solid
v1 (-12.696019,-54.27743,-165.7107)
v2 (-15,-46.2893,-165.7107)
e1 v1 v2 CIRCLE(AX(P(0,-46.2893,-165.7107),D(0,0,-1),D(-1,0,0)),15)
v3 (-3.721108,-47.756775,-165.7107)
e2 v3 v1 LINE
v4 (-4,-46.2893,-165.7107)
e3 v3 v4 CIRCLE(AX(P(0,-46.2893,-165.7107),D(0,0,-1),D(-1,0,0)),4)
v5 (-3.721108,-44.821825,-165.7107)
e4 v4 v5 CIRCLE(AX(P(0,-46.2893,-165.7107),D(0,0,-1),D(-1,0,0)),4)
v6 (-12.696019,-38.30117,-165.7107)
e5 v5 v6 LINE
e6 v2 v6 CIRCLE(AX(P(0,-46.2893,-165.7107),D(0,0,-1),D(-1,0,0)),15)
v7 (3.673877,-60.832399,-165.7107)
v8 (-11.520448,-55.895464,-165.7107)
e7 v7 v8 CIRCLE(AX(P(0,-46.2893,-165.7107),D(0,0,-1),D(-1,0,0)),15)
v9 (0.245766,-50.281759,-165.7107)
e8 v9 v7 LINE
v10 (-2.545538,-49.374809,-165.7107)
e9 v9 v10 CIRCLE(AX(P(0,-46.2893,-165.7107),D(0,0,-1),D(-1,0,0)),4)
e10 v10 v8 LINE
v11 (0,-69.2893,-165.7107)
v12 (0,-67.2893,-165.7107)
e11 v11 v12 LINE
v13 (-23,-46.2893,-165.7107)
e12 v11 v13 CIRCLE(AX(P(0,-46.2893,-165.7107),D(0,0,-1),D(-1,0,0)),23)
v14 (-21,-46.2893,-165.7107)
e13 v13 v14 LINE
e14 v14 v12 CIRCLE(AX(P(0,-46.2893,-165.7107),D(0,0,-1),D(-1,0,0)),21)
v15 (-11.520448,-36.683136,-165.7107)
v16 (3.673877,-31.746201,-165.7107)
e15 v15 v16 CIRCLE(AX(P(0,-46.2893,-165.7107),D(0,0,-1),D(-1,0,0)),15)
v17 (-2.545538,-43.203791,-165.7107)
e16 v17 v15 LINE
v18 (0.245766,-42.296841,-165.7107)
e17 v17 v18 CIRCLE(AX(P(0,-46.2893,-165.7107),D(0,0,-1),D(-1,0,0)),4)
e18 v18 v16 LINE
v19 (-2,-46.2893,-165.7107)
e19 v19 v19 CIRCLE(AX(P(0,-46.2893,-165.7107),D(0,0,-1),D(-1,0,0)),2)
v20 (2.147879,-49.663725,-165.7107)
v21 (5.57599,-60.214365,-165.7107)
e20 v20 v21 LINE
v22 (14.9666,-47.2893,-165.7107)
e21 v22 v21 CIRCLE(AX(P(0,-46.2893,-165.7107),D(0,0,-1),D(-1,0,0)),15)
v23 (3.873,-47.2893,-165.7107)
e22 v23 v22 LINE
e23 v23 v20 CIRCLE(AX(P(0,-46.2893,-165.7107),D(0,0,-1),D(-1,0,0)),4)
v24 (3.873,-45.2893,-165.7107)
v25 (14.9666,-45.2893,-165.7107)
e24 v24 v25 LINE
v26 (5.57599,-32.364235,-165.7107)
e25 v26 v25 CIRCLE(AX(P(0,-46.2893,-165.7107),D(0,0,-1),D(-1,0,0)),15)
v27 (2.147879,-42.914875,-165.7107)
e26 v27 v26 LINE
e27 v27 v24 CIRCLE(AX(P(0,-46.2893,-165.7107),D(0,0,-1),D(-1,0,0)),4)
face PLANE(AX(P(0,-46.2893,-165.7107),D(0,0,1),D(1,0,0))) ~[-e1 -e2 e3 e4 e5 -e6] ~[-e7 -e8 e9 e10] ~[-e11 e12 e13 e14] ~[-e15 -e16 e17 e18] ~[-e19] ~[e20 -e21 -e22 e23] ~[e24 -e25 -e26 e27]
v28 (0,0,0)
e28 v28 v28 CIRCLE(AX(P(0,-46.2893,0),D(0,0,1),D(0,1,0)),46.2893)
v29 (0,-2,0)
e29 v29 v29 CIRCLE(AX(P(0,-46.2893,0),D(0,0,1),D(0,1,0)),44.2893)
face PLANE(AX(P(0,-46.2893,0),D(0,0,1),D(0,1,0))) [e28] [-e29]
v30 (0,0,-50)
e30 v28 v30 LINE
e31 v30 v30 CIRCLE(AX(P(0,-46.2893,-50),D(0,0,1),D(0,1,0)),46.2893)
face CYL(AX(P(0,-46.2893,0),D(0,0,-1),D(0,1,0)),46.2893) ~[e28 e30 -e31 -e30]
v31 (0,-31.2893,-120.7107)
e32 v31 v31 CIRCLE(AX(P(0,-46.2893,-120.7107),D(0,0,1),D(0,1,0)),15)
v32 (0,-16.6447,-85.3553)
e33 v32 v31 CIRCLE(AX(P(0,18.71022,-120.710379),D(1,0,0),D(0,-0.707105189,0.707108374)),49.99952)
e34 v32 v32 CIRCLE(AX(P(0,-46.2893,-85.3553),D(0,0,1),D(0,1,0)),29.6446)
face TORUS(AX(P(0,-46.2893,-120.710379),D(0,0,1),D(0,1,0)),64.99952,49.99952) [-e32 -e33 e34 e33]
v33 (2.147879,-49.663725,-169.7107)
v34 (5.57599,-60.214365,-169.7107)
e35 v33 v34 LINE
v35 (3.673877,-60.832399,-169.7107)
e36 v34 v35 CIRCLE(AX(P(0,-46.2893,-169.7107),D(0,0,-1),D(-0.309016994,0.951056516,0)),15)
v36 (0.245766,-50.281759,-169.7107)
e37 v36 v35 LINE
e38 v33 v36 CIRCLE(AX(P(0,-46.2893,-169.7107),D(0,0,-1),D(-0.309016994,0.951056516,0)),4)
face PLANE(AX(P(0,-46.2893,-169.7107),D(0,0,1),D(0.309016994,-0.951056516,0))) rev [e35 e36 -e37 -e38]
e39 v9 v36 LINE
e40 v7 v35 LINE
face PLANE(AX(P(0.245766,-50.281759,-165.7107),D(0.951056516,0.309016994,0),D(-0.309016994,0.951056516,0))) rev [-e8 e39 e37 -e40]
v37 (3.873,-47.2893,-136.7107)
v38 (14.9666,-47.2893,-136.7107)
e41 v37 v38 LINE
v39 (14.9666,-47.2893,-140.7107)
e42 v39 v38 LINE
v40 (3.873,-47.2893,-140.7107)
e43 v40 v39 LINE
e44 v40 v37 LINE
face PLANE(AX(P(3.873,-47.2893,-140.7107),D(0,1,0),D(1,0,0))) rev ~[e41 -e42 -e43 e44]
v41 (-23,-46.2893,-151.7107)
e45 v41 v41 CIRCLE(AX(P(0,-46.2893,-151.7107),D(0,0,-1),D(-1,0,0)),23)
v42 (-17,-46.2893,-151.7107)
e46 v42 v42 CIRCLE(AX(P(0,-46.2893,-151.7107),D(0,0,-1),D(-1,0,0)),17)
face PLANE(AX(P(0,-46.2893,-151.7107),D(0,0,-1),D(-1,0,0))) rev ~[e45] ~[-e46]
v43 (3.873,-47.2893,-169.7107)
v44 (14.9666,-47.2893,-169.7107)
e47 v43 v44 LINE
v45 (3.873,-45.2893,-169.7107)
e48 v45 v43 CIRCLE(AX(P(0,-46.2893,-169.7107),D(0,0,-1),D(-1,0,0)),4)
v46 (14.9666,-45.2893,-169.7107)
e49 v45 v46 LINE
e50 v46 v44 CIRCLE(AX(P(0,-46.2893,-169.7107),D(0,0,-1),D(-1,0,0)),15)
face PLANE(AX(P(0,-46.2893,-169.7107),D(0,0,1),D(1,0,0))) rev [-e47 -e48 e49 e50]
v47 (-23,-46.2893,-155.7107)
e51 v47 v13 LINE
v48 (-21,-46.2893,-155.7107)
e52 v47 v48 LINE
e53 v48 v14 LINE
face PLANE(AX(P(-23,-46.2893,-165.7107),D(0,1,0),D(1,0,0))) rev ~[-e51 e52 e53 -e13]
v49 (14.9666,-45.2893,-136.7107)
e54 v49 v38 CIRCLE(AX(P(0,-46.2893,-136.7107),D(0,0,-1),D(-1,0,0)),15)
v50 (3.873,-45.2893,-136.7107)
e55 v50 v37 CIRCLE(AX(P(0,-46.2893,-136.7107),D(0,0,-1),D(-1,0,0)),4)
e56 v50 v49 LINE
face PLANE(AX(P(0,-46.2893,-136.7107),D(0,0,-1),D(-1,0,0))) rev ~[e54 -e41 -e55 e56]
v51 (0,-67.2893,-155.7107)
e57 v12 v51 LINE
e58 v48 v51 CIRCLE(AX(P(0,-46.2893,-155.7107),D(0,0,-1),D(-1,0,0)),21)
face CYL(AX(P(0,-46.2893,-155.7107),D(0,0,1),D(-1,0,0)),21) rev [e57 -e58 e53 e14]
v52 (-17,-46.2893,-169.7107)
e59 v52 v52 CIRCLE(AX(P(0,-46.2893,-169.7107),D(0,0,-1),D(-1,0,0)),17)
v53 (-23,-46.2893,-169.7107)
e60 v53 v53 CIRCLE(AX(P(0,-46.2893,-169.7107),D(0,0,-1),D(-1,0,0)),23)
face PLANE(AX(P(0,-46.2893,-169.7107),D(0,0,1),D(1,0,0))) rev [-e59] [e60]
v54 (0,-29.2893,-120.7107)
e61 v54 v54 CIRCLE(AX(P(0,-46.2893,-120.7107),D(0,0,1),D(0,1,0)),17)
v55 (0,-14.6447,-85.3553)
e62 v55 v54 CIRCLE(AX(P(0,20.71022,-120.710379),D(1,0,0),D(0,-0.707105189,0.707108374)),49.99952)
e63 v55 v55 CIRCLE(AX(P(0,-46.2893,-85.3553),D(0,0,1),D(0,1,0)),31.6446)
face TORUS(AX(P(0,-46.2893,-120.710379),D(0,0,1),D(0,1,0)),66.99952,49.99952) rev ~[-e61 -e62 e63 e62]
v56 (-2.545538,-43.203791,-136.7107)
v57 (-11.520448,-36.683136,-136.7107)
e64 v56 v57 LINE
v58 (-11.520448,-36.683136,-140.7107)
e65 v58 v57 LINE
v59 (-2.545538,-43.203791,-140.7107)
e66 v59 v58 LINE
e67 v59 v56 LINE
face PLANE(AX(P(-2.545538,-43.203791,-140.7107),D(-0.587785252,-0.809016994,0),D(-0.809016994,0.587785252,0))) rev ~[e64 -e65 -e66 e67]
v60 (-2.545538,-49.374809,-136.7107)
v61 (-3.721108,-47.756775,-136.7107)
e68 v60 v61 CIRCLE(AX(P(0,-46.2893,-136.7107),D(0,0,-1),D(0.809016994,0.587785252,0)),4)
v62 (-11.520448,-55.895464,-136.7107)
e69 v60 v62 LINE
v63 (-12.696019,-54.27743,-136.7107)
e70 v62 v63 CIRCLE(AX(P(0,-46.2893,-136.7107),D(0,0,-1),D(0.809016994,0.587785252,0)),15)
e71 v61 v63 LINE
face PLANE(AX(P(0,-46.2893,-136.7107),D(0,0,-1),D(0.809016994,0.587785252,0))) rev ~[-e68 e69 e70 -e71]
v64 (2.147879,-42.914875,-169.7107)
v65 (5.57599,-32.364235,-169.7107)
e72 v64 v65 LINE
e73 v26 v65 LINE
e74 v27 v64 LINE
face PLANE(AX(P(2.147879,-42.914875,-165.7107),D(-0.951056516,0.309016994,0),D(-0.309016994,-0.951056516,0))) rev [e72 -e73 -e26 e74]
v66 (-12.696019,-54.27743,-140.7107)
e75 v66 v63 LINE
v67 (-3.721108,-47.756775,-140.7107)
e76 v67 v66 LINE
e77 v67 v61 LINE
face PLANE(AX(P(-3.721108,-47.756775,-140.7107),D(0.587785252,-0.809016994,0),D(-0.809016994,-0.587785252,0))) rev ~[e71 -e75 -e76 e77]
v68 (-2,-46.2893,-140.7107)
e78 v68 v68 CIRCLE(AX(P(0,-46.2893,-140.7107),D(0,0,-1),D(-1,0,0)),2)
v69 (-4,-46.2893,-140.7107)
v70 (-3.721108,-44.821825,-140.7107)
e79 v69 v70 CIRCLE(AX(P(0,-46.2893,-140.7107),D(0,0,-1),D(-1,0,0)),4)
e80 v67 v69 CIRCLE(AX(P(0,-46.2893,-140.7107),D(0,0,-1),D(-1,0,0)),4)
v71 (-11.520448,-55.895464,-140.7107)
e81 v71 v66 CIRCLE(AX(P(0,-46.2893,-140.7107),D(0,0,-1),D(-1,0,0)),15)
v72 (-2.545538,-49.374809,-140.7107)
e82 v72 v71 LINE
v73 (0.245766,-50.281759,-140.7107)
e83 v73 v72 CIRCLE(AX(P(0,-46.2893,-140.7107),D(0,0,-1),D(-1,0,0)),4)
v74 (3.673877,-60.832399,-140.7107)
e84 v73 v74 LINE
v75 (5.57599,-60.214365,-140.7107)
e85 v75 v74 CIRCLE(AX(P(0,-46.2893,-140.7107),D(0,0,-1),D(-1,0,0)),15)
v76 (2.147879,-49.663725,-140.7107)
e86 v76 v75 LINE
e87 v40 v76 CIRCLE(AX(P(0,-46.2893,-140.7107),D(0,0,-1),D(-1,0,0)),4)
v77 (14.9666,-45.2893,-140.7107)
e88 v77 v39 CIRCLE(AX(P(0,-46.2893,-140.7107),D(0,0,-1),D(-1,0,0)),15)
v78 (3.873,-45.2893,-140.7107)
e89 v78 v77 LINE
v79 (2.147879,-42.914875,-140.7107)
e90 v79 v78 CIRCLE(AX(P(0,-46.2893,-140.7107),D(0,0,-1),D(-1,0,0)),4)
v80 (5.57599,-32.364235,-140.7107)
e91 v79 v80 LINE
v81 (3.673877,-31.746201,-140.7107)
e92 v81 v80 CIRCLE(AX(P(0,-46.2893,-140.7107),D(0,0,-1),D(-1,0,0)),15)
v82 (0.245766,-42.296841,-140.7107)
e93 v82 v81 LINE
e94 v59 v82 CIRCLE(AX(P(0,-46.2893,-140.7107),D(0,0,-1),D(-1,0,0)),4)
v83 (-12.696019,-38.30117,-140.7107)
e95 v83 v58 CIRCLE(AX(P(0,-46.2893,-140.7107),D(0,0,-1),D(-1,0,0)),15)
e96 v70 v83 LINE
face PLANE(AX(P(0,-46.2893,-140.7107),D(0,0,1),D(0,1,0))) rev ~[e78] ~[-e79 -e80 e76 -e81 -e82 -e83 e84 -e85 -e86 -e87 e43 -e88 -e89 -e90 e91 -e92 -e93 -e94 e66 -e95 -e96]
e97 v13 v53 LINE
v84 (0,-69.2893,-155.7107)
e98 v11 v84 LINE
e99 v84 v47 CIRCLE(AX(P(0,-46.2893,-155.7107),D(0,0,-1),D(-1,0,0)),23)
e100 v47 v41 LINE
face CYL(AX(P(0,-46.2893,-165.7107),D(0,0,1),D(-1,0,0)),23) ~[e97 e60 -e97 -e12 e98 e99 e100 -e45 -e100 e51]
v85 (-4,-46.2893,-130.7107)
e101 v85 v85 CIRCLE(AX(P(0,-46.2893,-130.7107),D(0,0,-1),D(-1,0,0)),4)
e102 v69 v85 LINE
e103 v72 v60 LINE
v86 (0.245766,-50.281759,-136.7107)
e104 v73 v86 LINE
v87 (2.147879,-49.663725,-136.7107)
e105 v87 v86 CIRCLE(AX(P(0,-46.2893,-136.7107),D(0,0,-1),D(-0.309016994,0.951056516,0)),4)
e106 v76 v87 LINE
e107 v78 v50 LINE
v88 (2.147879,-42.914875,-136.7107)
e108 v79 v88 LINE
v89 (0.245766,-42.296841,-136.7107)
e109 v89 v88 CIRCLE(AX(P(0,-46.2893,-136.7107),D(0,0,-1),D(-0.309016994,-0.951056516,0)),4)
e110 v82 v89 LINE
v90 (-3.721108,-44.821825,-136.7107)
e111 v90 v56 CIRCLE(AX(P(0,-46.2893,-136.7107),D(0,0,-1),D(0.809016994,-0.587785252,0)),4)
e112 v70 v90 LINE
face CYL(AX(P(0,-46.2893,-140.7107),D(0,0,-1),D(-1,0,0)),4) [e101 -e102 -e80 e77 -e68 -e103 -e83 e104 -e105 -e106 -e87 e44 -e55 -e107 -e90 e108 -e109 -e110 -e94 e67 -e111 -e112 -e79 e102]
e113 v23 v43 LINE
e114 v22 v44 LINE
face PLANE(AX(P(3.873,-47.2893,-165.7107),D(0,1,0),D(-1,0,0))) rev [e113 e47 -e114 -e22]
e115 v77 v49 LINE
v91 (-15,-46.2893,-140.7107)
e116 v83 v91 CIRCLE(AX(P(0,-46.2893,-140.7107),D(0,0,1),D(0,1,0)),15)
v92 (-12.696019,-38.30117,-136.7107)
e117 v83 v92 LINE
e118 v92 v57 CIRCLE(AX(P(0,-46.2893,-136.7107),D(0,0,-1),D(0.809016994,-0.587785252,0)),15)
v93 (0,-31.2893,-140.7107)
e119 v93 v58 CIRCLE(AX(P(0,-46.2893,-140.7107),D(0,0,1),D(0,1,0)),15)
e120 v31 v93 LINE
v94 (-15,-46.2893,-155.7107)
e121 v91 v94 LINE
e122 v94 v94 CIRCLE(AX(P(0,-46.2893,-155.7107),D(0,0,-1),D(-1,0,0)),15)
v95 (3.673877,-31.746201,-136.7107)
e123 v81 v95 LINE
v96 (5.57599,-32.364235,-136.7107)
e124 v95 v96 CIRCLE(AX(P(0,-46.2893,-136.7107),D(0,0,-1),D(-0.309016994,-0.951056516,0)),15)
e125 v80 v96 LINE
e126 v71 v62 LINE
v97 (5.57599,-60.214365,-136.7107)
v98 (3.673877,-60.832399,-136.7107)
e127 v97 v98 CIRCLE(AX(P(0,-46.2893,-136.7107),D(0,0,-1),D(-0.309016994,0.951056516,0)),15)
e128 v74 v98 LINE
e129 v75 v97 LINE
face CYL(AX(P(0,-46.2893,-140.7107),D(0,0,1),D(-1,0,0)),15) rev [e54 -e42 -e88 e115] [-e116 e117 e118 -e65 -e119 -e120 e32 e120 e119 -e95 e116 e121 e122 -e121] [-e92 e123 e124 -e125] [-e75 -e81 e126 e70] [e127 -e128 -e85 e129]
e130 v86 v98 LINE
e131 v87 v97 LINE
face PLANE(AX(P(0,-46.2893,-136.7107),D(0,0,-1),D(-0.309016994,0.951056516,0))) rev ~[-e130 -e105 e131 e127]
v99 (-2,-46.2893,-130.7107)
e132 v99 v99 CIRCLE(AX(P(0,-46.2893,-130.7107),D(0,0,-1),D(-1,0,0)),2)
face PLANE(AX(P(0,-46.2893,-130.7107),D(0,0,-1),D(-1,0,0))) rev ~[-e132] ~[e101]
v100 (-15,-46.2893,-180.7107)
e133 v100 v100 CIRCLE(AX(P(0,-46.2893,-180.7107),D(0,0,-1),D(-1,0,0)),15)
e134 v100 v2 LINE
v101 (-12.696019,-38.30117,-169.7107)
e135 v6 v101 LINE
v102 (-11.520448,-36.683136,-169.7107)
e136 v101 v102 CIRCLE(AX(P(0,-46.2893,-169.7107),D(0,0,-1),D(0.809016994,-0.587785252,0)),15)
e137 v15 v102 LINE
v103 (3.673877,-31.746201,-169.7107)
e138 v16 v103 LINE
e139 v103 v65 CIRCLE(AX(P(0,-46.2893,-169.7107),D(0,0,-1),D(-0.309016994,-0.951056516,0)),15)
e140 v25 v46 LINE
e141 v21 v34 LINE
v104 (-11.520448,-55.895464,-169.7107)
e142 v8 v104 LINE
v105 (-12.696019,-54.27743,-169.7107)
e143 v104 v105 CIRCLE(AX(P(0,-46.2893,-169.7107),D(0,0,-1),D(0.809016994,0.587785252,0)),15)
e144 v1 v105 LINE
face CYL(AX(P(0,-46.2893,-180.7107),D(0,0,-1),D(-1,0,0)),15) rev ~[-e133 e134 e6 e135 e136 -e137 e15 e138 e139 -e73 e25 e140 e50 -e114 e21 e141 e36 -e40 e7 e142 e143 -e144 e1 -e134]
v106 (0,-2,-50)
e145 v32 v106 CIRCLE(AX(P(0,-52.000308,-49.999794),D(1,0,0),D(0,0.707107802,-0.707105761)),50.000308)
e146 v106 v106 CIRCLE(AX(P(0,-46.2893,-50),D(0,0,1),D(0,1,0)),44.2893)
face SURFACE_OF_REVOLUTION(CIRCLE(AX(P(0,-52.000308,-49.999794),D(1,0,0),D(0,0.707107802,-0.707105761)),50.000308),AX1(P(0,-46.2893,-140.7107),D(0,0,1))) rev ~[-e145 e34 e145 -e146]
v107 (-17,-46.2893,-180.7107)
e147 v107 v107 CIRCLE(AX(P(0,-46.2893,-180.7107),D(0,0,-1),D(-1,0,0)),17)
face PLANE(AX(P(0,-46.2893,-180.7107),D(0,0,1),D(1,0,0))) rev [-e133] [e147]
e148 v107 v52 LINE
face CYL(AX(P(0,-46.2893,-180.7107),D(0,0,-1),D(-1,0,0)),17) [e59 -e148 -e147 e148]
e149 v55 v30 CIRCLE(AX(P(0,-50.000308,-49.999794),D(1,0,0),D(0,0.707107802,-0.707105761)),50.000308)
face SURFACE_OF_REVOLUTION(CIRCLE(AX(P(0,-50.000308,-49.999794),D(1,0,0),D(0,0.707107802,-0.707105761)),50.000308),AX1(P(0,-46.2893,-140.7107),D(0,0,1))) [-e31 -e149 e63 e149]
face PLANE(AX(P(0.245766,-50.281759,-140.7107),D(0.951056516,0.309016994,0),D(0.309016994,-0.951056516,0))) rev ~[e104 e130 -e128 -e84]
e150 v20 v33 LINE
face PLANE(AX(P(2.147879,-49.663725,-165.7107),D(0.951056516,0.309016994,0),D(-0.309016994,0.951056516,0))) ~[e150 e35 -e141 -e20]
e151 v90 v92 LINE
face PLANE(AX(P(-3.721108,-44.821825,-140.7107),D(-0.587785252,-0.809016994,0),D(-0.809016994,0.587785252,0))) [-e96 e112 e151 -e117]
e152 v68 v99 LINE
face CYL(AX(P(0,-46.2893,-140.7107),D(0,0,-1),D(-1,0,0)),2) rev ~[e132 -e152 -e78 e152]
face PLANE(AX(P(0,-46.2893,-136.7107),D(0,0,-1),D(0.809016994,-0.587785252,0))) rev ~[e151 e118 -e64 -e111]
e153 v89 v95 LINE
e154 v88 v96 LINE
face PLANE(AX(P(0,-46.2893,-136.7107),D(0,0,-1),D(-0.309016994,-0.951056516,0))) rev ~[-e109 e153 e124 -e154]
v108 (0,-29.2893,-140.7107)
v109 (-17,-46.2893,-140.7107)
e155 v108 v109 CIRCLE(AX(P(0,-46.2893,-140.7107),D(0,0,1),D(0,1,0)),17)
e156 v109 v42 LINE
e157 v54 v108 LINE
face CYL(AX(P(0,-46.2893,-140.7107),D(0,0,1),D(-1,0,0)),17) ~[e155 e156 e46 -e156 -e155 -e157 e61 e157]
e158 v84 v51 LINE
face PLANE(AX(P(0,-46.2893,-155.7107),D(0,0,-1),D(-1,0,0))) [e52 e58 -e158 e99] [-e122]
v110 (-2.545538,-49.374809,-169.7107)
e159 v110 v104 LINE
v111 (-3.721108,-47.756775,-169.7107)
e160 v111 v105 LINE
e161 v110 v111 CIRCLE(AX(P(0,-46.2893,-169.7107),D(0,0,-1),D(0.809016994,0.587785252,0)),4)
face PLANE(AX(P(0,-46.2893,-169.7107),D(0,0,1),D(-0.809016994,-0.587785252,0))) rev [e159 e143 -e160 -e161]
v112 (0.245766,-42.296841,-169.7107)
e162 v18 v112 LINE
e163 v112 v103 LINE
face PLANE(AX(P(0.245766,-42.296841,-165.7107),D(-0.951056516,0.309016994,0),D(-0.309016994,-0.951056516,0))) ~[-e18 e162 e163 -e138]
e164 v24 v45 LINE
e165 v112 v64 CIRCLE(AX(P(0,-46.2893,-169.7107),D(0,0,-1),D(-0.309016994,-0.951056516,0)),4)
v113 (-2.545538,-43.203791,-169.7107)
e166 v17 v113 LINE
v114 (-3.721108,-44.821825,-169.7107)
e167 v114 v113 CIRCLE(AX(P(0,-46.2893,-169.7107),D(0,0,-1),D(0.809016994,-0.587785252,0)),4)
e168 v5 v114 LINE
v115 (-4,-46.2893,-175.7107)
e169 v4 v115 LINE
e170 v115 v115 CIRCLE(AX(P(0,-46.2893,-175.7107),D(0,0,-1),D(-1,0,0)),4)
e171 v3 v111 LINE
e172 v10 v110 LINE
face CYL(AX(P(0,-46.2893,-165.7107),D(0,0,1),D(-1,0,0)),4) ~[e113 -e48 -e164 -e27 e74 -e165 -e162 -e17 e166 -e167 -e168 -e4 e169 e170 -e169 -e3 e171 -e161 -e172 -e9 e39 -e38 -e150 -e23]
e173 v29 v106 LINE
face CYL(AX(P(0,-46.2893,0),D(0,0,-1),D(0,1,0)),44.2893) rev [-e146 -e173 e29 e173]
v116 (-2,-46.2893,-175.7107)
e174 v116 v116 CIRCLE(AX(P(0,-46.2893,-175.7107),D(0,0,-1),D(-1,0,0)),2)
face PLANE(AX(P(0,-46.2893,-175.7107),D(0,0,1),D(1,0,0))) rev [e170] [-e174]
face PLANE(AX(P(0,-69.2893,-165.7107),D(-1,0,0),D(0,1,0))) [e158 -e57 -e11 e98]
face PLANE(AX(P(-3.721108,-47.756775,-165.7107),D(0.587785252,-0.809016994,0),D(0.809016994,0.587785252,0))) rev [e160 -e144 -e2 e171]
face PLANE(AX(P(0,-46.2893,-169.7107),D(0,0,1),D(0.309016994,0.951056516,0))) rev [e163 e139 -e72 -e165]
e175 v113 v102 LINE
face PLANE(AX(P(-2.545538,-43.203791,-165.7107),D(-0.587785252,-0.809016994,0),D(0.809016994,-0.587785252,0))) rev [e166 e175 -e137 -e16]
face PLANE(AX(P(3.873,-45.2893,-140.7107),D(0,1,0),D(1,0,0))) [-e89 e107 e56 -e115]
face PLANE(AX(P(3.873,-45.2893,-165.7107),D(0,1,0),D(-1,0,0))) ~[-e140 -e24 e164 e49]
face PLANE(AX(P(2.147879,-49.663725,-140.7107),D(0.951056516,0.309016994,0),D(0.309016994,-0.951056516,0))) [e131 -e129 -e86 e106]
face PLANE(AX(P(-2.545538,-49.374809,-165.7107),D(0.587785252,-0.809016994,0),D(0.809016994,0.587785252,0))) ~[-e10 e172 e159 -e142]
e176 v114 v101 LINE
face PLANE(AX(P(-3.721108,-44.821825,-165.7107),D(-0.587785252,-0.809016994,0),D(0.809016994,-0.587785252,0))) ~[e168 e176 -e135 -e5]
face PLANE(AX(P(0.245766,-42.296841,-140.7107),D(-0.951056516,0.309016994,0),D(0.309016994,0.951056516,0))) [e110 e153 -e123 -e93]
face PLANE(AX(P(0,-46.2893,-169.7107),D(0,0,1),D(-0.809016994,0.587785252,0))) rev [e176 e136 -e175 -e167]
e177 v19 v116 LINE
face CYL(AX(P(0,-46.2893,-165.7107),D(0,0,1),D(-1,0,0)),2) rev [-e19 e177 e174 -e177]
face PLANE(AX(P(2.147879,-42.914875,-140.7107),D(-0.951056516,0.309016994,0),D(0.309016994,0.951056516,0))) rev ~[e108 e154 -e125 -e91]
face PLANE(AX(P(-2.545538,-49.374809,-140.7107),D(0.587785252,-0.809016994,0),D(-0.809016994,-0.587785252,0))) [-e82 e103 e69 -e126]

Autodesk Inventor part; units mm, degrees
ref_plane "YZ Plane" through (0, 0, 0) normal (1, 0, 0) x (0, 1, 0)
sketch "Sketch2" plane through (0, 0, 0) normal (1, 0, 0) x (0, 1, 0)
  line L0 (0, 0) -> (0, -50)
  arc A0 (-14.6447, -85.3553) -> (0, -50) centre (-50, -50) ccw
  line L1 (-50, -50) -> (-14.6447, -85.3553) construction
  line L2 (-50, -50) -> (0, -50) construction
  arc A1 (-14.6447, -85.3553) -> (-29.2893, -120.7107) centre (20.7107, -120.7107) ccw
  line L3 (20.7107, -120.7107) -> (-29.2893, -120.7107) construction
  line L4 (20.7107, -120.7107) -> (-14.6447, -85.3553) construction
  line L5 (-29.2893, -120.7107) -> (-29.2893, -140.7107)
  line L6 (0, 0) -> (-92.5786, 0) construction
  line L7 (-2, 0) -> (-2, -50)
  arc A2 (-16.6447, -85.3553) -> (-2, -50) centre (-52, -50) ccw
  arc A3 (-16.6447, -85.3553) -> (-31.2893, -120.7107) centre (18.7107, -120.7107) ccw
  line L8 (-31.2893, -120.7107) -> (-31.2893, -140.7107)
  line L9 (0, 0) -> (-2, 0)
  line L10 (-29.2893, -140.7107) -> (-31.2893, -140.7107)
  line L11 (-46.2893, -140.7107) -> (-46.2893, 0)
  line L12 (-31.2893, -140.7107) -> (-46.2893, -140.7107) construction
  dimension "d18" = 50
  dimension "d19" = 45
  dimension "d20" = 45
  dimension "d21" = 50
  dimension "d22" = 50
  dimension "d23" = 20
  dimension "d26" = 2
  dimension "d31" = 90
  dimension "d32" = 15
revolve "Revolution1" add sketch "Sketch2" angle 360 about axis through (0, -46.2893, -140.7107) along (0, 0, 1)
sketch "Sketch3" plane through (0, -46.2893, -140.7107) normal (0, 0, -1) x (-1, 0, 0)
  circle A0 centre (0, 0) radius 15 projected
  circle A1 centre (0, 0) radius 2
  circle A2 centre (0, 0) radius 4
  point P0 (0, 46.2893)
  dimension "d34" = 4
  dimension "d35" = 8
extrude "Extrusion1" add sketch "Sketch3" against normal blind 10 contours A2
sketch "Sketch4" plane through (0, -46.2893, -140.7107) normal (0, 0, -1) x (-1, 0, 0)
  circle A0 centre (0, 0) radius 15 projected
  circle A1 centre (0, 0) radius 4 projected
  line L0 (-3.873, -1) -> (-14.9666, -1)
  line L1 (-3.873, 1) -> (-14.9666, 1)
  circle A2 centre (0, 0) radius 15 projected
  line L2 (-4, 0) -> (-15, 0) construction
  line L3 (64.8051, 46.2893) -> (-64.8051, 46.2893) projected
  point P0 (0, 46.2893)
  dimension "d38" = 0
  dimension "d39" = 1
  dimension "d40" = 1
extrude "Extrusion2" add sketch "Sketch4" against normal blind 4 contours L1 A1 L0 A0 picked at (-7.656, -0.1112)
pattern_circular "Circular Pattern1" count 5 over 360 about axis through (0, -46.2893, -140.7107) along (0, 0, 1) of "Extrusion2"
sketch "Sketch5" plane through (0, -46.2893, -140.7107) normal (0, 0, -1) x (-1, 0, 0)
  circle A0 centre (0, 0) radius 17 projected
  circle A1 centre (0, 0) radius 15
  point P0 (0, 46.2893)
  dimension "d46" = 30
extrude "Extrusion3" add sketch "Sketch5" along normal blind 15
sketch "Sketch6" plane through (0, -46.2893, -155.7107) normal (0, 0, -1) x (-1, 0, 0)
  circle A0 centre (0, 0) radius 17 projected
  circle A1 centre (0, 0) radius 23
  point P0 (0, 46.2893)
  dimension "d49" = 46
extrude "Extrusion4" add sketch "Sketch6" against normal blind 4
sketch "Sketch7" plane through (0, -46.2893, -155.7107) normal (0, 0, -1) x (-1, 0, 0)
  circle A0 centre (0, 0) radius 23 projected
  circle A1 centre (0, 0) radius 21
  point P0 (0, 46.2893)
  dimension "d52" = 42
extrude "Extrusion5" add sketch "Sketch7" along normal blind 10
sketch "Sketch8" plane through (0, -46.2893, -165.7107) normal (0, 0, -1) x (-1, 0, 0)
  circle A0 centre (0, 0) radius 21 projected
  circle A1 centre (0, 0) radius 23 projected
  circle A2 centre (0, 0) radius 23 projected
  line L0 (0, -23) -> (0, -21)
  line L1 (23, 0) -> (21, 0)
  line L2 (64.8051, 46.2893) -> (-64.8051, 46.2893) projected
  line L3 (0, -64.8051) -> (0, 64.8051) projected
  point P0 (0, 46.2893)
  dimension "d55" = 2
  dimension "d56" = 2
extrude "Extrusion6" cut sketch "Sketch8" against normal blind 10 contours A0 L1 A1 L0
ref_plane "Mirror plane" through (14.9666, -47.2893, -153.2107) normal (0, 0, -1) x (-1, 0, 0)
mirror "Mirror1" about plane through (14.9666, -47.2893, -153.2107) normal (0, 0, -1) of "Extrusion2", "Circular Pattern1", "Extrusion1"
ref_plane "Mirror plane 2" through (0, -46.2893, -160.7107) normal (0, 0, -1) x (-1, 0, 0)
mirror "Mirror2" about plane through (0, -46.2893, -160.7107) normal (0, 0, -1) of "Extrusion4", "Extrusion3"
equation "\"d40\" = d39"
properties part number "Outer tube"
